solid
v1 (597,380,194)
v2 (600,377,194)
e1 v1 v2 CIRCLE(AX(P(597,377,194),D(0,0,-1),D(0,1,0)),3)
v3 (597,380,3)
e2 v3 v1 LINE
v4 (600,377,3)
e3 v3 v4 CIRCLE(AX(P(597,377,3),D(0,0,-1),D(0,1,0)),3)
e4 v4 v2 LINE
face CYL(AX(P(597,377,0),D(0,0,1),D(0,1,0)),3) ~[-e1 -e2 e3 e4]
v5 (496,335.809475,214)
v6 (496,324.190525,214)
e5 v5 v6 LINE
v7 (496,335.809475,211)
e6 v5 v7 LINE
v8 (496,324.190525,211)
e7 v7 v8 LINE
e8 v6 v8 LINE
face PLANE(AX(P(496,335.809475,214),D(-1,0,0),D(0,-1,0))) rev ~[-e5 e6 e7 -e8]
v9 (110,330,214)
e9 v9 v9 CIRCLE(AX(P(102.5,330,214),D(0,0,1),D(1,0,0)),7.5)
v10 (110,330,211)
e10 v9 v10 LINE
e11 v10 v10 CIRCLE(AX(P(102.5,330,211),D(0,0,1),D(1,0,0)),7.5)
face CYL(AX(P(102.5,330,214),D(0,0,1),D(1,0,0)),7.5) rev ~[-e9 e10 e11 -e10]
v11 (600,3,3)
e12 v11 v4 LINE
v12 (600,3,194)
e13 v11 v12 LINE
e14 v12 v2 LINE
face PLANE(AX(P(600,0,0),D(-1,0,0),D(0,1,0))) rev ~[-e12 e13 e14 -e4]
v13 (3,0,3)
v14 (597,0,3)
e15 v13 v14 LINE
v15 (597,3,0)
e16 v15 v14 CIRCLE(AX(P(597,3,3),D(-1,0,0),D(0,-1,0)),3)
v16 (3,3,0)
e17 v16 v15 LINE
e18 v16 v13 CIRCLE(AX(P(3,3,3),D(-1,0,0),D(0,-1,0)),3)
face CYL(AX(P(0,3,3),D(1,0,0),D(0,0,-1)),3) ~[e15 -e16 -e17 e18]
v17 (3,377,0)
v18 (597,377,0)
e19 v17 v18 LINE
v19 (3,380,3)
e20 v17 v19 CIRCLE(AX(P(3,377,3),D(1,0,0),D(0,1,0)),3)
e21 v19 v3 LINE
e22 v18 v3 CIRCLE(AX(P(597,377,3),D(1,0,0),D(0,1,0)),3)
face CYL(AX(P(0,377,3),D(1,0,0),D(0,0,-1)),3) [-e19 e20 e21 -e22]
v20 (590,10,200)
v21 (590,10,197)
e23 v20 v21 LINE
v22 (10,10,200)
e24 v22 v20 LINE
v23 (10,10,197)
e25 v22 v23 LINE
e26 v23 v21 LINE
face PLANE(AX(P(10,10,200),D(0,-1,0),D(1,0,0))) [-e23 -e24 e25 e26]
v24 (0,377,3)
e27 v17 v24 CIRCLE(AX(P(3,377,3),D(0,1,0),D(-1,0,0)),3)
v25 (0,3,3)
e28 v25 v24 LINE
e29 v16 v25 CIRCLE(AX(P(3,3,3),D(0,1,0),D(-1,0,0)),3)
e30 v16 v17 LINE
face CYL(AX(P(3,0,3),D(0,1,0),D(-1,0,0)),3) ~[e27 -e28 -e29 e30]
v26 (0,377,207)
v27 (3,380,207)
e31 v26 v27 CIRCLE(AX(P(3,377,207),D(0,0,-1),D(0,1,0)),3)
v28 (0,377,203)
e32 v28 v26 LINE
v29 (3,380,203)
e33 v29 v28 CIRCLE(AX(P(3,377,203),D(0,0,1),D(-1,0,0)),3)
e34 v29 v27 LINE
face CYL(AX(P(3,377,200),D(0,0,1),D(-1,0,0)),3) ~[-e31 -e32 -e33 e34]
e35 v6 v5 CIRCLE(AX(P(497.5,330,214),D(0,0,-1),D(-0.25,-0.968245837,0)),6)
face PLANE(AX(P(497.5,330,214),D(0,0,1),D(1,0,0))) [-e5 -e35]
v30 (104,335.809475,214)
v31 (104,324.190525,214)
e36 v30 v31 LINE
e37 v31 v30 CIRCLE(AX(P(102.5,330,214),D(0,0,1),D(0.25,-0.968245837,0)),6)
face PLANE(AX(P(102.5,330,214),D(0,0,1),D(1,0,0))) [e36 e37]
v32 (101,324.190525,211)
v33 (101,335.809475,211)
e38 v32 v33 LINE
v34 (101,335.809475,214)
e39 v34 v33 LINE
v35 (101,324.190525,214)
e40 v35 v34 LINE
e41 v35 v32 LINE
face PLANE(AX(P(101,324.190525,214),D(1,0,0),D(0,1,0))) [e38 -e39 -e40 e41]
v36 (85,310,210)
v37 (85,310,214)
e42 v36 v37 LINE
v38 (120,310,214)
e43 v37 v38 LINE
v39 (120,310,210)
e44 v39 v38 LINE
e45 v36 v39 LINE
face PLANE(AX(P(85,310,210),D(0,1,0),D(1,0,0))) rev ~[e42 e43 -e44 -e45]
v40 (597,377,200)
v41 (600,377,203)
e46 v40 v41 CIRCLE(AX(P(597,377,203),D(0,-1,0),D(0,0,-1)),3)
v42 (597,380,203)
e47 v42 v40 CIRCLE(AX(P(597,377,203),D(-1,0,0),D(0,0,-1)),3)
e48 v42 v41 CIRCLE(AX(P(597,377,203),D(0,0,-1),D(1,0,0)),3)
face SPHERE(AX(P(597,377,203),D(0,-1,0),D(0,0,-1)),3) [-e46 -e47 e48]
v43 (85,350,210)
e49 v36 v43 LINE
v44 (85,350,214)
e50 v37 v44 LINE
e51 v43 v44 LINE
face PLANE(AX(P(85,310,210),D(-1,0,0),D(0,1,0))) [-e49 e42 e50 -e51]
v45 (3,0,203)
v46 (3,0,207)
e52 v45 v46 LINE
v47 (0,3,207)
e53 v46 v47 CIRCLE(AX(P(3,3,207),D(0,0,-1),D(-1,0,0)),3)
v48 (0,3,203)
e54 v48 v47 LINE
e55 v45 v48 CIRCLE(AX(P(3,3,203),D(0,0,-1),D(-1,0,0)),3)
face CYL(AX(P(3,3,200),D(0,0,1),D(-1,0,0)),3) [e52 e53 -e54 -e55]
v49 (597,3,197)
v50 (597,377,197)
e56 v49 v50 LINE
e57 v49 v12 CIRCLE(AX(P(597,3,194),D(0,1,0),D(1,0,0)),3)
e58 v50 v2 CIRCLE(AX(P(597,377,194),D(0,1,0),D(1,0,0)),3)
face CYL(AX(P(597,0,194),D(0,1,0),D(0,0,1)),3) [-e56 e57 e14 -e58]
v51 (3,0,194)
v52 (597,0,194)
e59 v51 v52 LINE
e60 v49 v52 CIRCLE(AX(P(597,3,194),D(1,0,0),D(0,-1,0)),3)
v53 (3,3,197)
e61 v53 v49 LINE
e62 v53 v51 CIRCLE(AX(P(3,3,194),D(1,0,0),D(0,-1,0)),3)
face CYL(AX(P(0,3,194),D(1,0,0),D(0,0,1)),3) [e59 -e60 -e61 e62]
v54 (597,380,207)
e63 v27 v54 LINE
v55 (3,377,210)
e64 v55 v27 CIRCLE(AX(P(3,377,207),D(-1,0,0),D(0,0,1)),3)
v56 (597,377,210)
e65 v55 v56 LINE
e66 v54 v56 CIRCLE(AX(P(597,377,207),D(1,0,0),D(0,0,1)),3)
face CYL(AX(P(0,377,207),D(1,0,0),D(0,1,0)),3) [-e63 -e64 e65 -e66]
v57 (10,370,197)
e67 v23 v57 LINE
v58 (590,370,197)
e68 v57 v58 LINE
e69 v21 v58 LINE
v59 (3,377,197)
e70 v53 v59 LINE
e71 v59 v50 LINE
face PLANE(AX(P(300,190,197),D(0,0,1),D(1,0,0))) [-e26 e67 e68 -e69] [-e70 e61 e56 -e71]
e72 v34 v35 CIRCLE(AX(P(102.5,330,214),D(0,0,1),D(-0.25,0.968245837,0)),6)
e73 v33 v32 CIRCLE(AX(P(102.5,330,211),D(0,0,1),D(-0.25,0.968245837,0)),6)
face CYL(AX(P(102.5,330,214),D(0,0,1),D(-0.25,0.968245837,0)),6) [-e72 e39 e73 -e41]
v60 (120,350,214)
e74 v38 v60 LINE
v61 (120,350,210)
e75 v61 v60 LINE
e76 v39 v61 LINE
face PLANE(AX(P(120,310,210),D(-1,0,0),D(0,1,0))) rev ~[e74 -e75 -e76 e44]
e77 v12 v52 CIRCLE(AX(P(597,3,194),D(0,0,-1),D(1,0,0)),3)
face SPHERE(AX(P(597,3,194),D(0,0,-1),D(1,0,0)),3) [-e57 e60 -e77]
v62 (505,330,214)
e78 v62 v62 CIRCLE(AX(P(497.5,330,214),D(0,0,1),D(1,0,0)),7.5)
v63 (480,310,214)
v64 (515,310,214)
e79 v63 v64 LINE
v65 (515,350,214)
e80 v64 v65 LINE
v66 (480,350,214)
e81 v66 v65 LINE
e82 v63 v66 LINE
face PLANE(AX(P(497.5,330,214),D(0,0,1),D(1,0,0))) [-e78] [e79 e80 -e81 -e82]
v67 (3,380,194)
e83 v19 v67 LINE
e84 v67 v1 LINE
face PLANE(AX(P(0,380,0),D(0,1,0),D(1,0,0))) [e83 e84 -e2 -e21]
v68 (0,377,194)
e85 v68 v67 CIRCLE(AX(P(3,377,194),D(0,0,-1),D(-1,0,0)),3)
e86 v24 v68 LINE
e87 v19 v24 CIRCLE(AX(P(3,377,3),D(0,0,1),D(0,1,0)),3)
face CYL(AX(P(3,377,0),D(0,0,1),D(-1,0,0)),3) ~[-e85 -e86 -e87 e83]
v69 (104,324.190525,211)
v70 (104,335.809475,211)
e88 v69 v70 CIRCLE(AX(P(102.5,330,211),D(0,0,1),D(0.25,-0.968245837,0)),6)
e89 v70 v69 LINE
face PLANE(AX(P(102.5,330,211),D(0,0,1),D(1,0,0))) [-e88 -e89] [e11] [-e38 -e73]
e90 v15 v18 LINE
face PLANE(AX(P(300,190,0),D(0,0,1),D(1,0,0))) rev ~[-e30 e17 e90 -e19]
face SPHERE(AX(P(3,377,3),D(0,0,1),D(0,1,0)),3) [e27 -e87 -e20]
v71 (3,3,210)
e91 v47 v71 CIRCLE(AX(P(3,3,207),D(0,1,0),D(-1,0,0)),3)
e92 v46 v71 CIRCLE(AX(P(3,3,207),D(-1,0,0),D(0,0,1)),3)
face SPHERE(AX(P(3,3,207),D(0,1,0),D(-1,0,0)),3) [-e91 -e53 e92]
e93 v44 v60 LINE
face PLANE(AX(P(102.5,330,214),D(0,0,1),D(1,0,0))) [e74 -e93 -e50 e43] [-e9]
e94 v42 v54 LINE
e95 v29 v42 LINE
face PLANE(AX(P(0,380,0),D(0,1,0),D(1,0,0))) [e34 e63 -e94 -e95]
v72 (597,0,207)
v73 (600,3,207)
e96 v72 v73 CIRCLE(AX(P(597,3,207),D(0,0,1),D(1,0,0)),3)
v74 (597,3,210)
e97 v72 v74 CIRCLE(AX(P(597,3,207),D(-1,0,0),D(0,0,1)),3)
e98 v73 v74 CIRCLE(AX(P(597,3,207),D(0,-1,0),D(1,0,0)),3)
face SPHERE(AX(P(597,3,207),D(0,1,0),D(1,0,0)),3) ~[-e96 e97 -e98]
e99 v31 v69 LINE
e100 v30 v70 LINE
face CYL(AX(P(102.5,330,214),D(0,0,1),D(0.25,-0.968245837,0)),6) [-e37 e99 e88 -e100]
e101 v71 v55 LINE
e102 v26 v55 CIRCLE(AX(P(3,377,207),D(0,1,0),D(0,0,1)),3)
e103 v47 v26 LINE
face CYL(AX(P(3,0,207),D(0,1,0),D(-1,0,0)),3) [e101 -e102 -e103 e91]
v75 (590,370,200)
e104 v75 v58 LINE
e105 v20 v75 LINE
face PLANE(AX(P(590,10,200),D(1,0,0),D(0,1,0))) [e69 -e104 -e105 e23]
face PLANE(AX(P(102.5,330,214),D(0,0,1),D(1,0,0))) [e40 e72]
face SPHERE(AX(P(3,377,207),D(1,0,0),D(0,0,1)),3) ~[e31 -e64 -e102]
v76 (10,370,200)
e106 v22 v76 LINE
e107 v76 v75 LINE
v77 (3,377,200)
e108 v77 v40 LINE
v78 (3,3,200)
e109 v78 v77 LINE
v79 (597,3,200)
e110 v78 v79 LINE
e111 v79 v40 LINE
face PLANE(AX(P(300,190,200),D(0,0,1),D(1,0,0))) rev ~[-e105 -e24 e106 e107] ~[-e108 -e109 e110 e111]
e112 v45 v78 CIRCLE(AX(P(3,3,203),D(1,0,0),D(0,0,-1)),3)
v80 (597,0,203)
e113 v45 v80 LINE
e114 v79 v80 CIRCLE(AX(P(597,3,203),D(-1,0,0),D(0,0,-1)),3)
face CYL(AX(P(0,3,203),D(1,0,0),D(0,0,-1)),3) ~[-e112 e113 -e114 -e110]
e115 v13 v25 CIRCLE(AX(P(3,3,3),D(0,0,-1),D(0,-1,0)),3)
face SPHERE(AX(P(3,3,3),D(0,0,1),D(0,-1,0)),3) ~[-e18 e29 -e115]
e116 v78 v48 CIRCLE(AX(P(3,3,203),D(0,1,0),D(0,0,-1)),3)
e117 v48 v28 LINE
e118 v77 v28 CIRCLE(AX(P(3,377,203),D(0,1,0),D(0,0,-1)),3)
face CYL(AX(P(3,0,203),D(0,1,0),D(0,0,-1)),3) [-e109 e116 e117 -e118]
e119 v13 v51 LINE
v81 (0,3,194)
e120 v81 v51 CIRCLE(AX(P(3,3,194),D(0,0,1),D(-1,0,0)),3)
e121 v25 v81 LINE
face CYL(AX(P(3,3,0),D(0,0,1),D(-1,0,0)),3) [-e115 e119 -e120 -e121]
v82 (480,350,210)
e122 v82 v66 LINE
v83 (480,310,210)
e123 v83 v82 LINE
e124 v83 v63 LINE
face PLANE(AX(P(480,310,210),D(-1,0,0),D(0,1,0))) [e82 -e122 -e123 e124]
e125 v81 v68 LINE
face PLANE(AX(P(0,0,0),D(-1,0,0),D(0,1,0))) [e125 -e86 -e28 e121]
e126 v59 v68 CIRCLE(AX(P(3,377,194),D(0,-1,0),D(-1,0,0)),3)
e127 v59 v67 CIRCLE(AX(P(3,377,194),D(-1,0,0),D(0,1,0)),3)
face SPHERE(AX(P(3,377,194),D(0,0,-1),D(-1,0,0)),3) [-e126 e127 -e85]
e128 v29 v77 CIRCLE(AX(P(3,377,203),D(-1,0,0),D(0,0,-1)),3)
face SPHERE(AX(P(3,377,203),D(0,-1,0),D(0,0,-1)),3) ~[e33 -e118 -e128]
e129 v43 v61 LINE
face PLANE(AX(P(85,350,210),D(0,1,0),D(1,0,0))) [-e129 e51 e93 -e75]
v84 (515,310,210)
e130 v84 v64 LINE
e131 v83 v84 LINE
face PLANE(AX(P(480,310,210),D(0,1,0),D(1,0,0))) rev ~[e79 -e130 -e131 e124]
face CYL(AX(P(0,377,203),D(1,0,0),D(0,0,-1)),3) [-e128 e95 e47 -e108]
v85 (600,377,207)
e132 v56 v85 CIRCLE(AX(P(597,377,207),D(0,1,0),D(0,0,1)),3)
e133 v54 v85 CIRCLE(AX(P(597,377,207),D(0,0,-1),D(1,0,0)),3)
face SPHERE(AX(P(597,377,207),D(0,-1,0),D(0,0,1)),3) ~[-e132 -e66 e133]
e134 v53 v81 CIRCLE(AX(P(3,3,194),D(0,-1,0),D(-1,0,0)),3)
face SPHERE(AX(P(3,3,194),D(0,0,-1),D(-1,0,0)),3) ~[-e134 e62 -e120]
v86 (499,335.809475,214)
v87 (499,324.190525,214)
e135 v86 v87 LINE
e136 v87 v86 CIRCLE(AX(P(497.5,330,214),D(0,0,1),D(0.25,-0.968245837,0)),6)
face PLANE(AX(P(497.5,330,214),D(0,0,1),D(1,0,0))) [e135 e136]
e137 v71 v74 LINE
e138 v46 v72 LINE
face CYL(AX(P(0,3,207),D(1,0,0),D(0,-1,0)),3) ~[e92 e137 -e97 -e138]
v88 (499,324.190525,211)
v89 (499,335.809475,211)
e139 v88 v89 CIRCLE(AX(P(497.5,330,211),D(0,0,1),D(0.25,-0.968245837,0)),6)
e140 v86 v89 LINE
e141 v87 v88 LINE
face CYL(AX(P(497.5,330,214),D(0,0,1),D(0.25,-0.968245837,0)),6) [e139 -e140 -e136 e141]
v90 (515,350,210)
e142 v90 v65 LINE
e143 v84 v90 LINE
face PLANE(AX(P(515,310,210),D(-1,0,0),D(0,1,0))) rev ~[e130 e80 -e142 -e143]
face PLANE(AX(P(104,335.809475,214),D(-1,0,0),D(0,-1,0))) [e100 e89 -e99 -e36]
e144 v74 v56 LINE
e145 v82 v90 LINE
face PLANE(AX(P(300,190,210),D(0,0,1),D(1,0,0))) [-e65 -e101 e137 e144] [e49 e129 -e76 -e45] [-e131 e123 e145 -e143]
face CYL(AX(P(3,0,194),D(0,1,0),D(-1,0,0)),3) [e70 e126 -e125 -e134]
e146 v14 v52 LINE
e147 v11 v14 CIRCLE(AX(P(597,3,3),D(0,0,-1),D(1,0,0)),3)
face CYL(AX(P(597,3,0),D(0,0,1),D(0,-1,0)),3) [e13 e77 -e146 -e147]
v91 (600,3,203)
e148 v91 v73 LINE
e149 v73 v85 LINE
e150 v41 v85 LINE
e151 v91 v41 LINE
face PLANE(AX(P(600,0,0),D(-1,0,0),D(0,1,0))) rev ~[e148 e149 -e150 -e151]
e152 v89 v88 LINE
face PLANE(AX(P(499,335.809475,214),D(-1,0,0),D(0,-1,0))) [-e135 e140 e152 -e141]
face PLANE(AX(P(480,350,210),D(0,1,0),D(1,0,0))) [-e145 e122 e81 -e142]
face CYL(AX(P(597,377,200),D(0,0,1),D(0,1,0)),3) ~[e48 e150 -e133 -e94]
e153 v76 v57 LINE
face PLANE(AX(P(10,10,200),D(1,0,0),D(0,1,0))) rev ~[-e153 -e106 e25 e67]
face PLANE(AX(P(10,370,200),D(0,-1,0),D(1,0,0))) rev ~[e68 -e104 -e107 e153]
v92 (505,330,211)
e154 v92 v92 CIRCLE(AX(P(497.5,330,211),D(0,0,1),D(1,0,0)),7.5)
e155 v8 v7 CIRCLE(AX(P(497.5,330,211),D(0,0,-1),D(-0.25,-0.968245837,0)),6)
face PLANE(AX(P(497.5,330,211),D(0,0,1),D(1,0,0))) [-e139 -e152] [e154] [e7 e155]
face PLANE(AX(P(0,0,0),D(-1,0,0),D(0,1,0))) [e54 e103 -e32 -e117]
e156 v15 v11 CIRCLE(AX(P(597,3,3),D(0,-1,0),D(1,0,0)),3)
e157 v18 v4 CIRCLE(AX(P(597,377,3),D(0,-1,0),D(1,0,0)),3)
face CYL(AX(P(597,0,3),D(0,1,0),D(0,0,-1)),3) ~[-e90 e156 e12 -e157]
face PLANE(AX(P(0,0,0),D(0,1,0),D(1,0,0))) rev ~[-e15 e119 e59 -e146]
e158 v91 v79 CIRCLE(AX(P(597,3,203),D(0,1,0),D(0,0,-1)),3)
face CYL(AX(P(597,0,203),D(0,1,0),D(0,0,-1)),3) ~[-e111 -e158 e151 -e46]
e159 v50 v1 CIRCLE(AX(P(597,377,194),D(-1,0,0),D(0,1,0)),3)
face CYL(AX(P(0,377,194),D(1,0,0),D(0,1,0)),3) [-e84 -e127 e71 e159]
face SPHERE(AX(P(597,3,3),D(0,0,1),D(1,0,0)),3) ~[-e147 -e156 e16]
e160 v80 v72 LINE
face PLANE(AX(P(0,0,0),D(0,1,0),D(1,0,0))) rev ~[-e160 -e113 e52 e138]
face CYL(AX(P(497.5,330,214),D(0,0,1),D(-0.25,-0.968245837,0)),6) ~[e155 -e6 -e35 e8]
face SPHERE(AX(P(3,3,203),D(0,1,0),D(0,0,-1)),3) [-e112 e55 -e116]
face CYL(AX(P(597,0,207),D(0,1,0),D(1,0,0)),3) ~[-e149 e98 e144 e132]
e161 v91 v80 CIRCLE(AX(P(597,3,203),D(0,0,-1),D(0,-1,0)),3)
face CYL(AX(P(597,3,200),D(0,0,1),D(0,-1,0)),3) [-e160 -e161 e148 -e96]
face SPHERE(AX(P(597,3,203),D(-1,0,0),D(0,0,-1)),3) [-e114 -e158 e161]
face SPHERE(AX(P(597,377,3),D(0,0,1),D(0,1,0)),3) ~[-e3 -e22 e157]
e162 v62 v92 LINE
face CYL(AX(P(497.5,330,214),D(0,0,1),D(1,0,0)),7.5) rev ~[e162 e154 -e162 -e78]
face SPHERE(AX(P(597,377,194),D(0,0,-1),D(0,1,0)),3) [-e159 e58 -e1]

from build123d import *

# Parameters (mm, degrees)
SKETCH1_W           = 600
SKETCH1_H           = 380
BOSS_EXTRUDE1_DEPTH = 210
SKETCH2_W           = 600
SKETCH2_H           = 380
SKETCH2_W_2         = 580
SKETCH2_H_2         = 360
CUT_EXTRUDE3_DEPTH  = 3
FILLET3_R           = 3
SKETCH4_W           = 35
SKETCH4_H           = 40
BOSS_EXTRUDE3_DEPTH = 4
SKETCH5_R           = 7.5
CUT_EXTRUDE6_DEPTH  = 3


with BuildPart() as part:
    # Sketch1 → Boss-Extrude1 (new body)
    with BuildSketch(Plane.XY):
        with Locations((300, 190)):
            Rectangle(SKETCH1_W, SKETCH1_H)
    extrude(amount=BOSS_EXTRUDE1_DEPTH)

    # Sketch2 → Cut-Extrude3 (cut)
    with BuildSketch(Plane.XY.offset(200)):
        with Locations((300, 190)):
            Rectangle(SKETCH2_W, SKETCH2_H)
        with Locations((300, 190)):
            Rectangle(SKETCH2_W_2, SKETCH2_H_2, mode=Mode.SUBTRACT)
    extrude(amount=-CUT_EXTRUDE3_DEPTH, mode=Mode.SUBTRACT)

    # Fillet3
    fillet3_edges = [part.edges().sort_by_distance(p)[0] for p in [
        (600, 190, 210),
        (0, 380, 98.5),
        (600, 380, 98.5),
        (600, 0, 98.5),
        (300, 380, 210),
        (0, 0, 98.5),
        (0, 190, 197),
        (300, 380, 197),
        (600, 190, 197),
        (300, 0, 197),
        (0, 190, 200),
        (300, 0, 200),
        (600, 190, 200),
        (300, 380, 200),
        (0, 190, 210),
        (300, 380, 0),
        (600, 190, 0),
        (300, 0, 0),
        (0, 190, 0),
        (0, 380, 205),
        (600, 380, 205),
        (600, 0, 205),
        (0, 0, 205),
        (300, 0, 210),
    ]]
    fillet(fillet3_edges, radius=FILLET3_R)

    # Sketch4 → Boss-Extrude3 (add)
    with BuildSketch(Plane.XY.offset(210)):
        with Locations((102.5, 330)):
            Rectangle(SKETCH4_W, SKETCH4_H)
        with Locations((497.5, 330)):
            Rectangle(SKETCH4_W, SKETCH4_H)
    extrude(amount=BOSS_EXTRUDE3_DEPTH)

    # Sketch5 → Cut-Extrude6 (cut)
    with BuildSketch(Plane.XY.offset(214)):
        with Locations((102.5, 330)):
            Circle(SKETCH5_R)
        with BuildLine():
            ThreePointArc((101, 335.809475019), (96.5, 330), (101, 324.190524981))
            Line((101, 324.190524981), (101, 335.809475019))
        make_face(mode=Mode.SUBTRACT)
        with BuildLine():
            ThreePointArc((104, 324.190524981), (108.5, 330), (104, 335.809475019))
            Line((104, 335.809475019), (104, 324.190524981))
        make_face(mode=Mode.SUBTRACT)
        with Locations((497.5, 330)):
            Circle(SKETCH5_R)
        with BuildLine():
            Line((496, 335.809475019), (496, 324.190524981))
            ThreePointArc((496, 324.190524981), (491.5, 330), (496, 335.809475019))
        make_face(mode=Mode.SUBTRACT)
        with BuildLine():
            Line((499, 335.809475019), (499, 324.190524981))
            ThreePointArc((499, 324.190524981), (503.5, 330), (499, 335.809475019))
        make_face(mode=Mode.SUBTRACT)
    extrude(amount=-CUT_EXTRUDE6_DEPTH, mode=Mode.SUBTRACT)


solid = part.part
